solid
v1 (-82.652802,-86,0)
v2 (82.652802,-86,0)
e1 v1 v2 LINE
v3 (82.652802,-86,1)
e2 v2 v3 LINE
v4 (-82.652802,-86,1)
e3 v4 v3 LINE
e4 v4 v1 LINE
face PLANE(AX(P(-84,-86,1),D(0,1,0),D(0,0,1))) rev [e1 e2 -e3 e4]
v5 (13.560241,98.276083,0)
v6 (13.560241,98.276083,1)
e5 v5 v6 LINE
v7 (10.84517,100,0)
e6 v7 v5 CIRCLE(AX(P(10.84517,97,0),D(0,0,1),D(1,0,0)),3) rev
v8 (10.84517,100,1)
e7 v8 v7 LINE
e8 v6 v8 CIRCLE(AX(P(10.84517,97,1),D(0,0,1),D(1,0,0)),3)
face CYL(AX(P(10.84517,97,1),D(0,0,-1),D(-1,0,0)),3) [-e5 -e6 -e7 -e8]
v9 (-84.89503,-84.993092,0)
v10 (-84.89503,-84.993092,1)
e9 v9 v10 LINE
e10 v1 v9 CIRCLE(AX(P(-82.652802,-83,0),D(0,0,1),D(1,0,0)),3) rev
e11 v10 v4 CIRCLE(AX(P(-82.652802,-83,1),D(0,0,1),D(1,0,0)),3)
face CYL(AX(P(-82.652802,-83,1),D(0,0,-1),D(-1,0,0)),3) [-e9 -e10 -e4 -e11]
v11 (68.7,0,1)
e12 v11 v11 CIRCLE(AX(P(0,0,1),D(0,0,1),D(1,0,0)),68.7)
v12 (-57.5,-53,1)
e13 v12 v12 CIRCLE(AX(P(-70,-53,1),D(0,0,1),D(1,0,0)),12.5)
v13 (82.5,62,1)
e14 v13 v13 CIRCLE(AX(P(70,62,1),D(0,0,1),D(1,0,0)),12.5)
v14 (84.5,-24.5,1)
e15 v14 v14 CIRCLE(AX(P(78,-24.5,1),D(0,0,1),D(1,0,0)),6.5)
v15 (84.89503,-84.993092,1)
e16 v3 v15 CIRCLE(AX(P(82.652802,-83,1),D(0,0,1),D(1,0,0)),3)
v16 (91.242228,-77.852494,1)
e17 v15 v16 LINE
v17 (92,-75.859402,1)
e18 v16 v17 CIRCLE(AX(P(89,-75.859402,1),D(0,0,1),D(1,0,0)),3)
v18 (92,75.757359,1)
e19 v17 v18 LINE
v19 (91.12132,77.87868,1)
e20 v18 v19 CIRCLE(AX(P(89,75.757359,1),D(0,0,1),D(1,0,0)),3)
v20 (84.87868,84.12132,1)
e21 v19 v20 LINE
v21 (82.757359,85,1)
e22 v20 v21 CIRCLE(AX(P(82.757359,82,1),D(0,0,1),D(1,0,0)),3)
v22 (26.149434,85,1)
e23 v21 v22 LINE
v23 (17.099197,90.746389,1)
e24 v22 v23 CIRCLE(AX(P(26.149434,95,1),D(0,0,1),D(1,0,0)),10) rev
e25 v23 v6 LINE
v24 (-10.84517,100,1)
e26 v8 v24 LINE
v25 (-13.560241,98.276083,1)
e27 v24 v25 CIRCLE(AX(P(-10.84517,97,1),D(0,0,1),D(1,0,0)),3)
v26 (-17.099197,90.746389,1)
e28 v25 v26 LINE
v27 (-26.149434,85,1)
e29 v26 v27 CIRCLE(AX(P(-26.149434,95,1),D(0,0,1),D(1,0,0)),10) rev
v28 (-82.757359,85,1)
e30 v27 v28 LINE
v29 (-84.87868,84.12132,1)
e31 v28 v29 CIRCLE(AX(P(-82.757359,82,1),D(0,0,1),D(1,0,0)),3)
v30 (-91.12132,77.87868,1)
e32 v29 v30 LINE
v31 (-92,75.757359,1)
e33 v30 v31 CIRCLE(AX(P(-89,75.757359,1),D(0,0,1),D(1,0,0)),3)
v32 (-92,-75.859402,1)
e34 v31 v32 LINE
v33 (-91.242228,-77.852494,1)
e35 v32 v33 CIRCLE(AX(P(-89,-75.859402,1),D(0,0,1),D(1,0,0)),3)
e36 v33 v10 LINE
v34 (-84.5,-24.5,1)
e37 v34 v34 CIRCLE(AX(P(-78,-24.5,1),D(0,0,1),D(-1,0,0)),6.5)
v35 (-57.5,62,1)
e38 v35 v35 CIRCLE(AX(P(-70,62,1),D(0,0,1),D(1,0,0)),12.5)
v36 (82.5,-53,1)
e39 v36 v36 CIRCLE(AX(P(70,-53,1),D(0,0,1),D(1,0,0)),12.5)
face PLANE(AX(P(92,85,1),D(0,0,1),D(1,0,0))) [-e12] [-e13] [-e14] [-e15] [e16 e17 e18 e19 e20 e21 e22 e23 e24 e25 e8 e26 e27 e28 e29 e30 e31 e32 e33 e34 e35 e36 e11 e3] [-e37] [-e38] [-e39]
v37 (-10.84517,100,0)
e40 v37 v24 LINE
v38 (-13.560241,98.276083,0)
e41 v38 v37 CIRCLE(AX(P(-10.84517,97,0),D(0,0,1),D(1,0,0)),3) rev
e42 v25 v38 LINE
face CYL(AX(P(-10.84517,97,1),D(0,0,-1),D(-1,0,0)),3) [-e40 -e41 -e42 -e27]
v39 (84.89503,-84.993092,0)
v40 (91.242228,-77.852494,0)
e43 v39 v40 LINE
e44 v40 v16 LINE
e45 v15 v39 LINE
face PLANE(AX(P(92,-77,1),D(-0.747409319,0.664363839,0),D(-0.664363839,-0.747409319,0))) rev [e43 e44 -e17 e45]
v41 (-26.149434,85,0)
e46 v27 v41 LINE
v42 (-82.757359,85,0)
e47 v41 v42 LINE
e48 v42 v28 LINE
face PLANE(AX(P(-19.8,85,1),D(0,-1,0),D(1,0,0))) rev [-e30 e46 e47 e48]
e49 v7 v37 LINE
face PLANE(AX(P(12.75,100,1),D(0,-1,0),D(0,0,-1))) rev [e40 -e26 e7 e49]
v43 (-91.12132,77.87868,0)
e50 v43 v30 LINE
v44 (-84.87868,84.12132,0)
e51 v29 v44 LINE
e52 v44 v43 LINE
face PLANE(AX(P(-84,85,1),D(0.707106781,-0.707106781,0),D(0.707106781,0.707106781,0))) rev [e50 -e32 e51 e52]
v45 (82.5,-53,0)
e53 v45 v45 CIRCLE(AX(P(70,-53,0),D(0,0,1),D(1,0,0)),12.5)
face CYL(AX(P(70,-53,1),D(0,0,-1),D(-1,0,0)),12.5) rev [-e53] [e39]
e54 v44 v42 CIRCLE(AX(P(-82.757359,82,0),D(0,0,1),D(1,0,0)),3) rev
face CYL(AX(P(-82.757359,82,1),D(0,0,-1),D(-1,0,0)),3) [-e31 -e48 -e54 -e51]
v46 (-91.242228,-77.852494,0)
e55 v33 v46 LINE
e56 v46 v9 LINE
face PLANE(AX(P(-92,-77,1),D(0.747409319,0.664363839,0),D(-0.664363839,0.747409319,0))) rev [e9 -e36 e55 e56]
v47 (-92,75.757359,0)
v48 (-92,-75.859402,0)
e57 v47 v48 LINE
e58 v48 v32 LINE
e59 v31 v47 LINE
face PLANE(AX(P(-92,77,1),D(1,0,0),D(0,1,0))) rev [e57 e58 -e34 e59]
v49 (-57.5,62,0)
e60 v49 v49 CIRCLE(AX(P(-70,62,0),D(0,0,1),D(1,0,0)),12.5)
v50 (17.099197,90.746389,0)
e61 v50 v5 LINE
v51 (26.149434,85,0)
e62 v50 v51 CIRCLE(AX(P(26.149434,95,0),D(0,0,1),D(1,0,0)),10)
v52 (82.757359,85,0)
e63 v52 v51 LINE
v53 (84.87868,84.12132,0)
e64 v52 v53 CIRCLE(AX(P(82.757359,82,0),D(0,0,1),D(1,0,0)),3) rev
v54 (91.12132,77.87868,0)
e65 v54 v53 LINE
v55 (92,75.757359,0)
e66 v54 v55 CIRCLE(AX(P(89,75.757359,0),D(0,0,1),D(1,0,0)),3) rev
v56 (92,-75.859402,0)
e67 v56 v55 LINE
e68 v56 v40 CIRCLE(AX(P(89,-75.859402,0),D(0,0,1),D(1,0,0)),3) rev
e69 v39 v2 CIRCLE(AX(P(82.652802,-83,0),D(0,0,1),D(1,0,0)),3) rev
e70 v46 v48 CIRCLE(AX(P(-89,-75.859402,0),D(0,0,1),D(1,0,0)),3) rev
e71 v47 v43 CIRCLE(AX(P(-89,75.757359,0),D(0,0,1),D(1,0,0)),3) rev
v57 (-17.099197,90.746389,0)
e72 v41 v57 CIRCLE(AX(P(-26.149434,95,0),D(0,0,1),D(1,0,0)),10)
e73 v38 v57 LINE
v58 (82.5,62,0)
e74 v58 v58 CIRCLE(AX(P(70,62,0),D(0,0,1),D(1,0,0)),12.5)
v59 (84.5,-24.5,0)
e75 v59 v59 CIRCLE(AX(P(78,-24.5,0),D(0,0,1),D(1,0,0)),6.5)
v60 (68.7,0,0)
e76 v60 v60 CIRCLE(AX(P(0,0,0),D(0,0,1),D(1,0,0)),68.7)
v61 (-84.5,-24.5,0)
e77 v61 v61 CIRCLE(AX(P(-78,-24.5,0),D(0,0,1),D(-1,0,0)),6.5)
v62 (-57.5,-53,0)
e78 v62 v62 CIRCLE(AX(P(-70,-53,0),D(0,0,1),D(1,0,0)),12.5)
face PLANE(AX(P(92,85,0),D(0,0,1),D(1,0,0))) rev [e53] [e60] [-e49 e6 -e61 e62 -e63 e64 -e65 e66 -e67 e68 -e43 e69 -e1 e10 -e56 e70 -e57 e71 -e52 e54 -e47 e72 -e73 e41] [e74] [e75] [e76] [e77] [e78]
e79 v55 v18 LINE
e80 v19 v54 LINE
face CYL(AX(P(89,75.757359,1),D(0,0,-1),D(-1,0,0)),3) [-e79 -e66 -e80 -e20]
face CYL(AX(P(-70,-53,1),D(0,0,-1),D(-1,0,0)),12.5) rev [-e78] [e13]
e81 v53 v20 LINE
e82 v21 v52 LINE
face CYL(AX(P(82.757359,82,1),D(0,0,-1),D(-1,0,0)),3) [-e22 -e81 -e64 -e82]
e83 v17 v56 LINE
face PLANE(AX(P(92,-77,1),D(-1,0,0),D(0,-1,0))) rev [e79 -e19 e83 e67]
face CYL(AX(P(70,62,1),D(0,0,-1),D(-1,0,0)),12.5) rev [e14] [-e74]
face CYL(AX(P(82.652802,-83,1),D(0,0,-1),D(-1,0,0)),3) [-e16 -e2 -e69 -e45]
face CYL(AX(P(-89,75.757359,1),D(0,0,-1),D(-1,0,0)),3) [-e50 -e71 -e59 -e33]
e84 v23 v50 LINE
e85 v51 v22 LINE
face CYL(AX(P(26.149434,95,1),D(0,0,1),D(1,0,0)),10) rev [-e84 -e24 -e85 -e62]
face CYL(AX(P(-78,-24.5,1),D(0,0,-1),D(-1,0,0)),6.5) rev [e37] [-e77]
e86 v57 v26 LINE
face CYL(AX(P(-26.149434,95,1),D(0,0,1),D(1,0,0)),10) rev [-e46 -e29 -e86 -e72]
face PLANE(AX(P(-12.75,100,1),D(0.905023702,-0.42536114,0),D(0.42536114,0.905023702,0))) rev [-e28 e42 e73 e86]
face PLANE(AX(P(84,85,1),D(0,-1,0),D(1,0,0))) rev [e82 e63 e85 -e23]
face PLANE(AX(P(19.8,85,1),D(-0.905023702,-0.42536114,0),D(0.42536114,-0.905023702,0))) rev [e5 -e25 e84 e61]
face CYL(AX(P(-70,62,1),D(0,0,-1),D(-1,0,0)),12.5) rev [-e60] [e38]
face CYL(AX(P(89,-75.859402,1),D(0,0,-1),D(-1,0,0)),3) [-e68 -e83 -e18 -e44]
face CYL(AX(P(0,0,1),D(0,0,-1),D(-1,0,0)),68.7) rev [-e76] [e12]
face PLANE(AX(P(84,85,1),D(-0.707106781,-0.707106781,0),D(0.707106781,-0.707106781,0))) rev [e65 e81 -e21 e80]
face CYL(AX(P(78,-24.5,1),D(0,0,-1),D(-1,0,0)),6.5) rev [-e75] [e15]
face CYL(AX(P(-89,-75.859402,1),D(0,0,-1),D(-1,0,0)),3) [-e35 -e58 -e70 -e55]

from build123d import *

# Parameters (mm, degrees)
SKETCH1_R      = 6.5
SKETCH1_R_2    = 68.7
SKETCH1_R_3    = 12.5
EXTRUDE1_DEPTH = 1
FILLET1_R      = 10
FILLET2_R      = 3


with BuildPart() as part:
    # Sketch1 → Extrude1 (new body)
    with BuildSketch(Plane.XY):
        Polygon((84, 85), (92, 77), (92, -77), (84, -86), (-84, -86), (-92, -77), (-92, 77), (-84, 85), (-19.8, 85), (-12.75, 100), (12.75, 100), (19.8, 85), align=None)
        with Locations(Location((-78, -24.5, 0), (0, 0, 180))):
            Circle(SKETCH1_R, mode=Mode.SUBTRACT)
        Circle(SKETCH1_R_2, mode=Mode.SUBTRACT)
        with Locations((-70, 62)):
            Circle(SKETCH1_R_3, mode=Mode.SUBTRACT)
        with Locations((70, 62)):
            Circle(SKETCH1_R_3, mode=Mode.SUBTRACT)
        with Locations((-70, -53)):
            Circle(SKETCH1_R_3, mode=Mode.SUBTRACT)
        with Locations((70, -53)):
            Circle(SKETCH1_R_3, mode=Mode.SUBTRACT)
        with Locations((78, -24.5)):
            Circle(SKETCH1_R, mode=Mode.SUBTRACT)
    extrude(amount=EXTRUDE1_DEPTH)

    # Fillet1
    fillet1_edges = [part.edges().sort_by_distance(p)[0] for p in [
        (-19.8, 85, 0.5),
        (19.8, 85, 0.5),
    ]]
    fillet(fillet1_edges, radius=FILLET1_R)

    # Fillet2
    fillet2_edges = [part.edges().sort_by_distance(p)[0] for p in [
        (92, -77, 0.5),
        (84, -86, 0.5),
        (-84, -86, 0.5),
        (-92, -77, 0.5),
        (-92, 77, 0.5),
        (-84, 85, 0.5),
        (-12.75, 100, 0.5),
        (12.75, 100, 0.5),
        (84, 85, 0.5),
        (92, 77, 0.5),
    ]]
    fillet(fillet2_edges, radius=FILLET2_R)


solid = part.part
